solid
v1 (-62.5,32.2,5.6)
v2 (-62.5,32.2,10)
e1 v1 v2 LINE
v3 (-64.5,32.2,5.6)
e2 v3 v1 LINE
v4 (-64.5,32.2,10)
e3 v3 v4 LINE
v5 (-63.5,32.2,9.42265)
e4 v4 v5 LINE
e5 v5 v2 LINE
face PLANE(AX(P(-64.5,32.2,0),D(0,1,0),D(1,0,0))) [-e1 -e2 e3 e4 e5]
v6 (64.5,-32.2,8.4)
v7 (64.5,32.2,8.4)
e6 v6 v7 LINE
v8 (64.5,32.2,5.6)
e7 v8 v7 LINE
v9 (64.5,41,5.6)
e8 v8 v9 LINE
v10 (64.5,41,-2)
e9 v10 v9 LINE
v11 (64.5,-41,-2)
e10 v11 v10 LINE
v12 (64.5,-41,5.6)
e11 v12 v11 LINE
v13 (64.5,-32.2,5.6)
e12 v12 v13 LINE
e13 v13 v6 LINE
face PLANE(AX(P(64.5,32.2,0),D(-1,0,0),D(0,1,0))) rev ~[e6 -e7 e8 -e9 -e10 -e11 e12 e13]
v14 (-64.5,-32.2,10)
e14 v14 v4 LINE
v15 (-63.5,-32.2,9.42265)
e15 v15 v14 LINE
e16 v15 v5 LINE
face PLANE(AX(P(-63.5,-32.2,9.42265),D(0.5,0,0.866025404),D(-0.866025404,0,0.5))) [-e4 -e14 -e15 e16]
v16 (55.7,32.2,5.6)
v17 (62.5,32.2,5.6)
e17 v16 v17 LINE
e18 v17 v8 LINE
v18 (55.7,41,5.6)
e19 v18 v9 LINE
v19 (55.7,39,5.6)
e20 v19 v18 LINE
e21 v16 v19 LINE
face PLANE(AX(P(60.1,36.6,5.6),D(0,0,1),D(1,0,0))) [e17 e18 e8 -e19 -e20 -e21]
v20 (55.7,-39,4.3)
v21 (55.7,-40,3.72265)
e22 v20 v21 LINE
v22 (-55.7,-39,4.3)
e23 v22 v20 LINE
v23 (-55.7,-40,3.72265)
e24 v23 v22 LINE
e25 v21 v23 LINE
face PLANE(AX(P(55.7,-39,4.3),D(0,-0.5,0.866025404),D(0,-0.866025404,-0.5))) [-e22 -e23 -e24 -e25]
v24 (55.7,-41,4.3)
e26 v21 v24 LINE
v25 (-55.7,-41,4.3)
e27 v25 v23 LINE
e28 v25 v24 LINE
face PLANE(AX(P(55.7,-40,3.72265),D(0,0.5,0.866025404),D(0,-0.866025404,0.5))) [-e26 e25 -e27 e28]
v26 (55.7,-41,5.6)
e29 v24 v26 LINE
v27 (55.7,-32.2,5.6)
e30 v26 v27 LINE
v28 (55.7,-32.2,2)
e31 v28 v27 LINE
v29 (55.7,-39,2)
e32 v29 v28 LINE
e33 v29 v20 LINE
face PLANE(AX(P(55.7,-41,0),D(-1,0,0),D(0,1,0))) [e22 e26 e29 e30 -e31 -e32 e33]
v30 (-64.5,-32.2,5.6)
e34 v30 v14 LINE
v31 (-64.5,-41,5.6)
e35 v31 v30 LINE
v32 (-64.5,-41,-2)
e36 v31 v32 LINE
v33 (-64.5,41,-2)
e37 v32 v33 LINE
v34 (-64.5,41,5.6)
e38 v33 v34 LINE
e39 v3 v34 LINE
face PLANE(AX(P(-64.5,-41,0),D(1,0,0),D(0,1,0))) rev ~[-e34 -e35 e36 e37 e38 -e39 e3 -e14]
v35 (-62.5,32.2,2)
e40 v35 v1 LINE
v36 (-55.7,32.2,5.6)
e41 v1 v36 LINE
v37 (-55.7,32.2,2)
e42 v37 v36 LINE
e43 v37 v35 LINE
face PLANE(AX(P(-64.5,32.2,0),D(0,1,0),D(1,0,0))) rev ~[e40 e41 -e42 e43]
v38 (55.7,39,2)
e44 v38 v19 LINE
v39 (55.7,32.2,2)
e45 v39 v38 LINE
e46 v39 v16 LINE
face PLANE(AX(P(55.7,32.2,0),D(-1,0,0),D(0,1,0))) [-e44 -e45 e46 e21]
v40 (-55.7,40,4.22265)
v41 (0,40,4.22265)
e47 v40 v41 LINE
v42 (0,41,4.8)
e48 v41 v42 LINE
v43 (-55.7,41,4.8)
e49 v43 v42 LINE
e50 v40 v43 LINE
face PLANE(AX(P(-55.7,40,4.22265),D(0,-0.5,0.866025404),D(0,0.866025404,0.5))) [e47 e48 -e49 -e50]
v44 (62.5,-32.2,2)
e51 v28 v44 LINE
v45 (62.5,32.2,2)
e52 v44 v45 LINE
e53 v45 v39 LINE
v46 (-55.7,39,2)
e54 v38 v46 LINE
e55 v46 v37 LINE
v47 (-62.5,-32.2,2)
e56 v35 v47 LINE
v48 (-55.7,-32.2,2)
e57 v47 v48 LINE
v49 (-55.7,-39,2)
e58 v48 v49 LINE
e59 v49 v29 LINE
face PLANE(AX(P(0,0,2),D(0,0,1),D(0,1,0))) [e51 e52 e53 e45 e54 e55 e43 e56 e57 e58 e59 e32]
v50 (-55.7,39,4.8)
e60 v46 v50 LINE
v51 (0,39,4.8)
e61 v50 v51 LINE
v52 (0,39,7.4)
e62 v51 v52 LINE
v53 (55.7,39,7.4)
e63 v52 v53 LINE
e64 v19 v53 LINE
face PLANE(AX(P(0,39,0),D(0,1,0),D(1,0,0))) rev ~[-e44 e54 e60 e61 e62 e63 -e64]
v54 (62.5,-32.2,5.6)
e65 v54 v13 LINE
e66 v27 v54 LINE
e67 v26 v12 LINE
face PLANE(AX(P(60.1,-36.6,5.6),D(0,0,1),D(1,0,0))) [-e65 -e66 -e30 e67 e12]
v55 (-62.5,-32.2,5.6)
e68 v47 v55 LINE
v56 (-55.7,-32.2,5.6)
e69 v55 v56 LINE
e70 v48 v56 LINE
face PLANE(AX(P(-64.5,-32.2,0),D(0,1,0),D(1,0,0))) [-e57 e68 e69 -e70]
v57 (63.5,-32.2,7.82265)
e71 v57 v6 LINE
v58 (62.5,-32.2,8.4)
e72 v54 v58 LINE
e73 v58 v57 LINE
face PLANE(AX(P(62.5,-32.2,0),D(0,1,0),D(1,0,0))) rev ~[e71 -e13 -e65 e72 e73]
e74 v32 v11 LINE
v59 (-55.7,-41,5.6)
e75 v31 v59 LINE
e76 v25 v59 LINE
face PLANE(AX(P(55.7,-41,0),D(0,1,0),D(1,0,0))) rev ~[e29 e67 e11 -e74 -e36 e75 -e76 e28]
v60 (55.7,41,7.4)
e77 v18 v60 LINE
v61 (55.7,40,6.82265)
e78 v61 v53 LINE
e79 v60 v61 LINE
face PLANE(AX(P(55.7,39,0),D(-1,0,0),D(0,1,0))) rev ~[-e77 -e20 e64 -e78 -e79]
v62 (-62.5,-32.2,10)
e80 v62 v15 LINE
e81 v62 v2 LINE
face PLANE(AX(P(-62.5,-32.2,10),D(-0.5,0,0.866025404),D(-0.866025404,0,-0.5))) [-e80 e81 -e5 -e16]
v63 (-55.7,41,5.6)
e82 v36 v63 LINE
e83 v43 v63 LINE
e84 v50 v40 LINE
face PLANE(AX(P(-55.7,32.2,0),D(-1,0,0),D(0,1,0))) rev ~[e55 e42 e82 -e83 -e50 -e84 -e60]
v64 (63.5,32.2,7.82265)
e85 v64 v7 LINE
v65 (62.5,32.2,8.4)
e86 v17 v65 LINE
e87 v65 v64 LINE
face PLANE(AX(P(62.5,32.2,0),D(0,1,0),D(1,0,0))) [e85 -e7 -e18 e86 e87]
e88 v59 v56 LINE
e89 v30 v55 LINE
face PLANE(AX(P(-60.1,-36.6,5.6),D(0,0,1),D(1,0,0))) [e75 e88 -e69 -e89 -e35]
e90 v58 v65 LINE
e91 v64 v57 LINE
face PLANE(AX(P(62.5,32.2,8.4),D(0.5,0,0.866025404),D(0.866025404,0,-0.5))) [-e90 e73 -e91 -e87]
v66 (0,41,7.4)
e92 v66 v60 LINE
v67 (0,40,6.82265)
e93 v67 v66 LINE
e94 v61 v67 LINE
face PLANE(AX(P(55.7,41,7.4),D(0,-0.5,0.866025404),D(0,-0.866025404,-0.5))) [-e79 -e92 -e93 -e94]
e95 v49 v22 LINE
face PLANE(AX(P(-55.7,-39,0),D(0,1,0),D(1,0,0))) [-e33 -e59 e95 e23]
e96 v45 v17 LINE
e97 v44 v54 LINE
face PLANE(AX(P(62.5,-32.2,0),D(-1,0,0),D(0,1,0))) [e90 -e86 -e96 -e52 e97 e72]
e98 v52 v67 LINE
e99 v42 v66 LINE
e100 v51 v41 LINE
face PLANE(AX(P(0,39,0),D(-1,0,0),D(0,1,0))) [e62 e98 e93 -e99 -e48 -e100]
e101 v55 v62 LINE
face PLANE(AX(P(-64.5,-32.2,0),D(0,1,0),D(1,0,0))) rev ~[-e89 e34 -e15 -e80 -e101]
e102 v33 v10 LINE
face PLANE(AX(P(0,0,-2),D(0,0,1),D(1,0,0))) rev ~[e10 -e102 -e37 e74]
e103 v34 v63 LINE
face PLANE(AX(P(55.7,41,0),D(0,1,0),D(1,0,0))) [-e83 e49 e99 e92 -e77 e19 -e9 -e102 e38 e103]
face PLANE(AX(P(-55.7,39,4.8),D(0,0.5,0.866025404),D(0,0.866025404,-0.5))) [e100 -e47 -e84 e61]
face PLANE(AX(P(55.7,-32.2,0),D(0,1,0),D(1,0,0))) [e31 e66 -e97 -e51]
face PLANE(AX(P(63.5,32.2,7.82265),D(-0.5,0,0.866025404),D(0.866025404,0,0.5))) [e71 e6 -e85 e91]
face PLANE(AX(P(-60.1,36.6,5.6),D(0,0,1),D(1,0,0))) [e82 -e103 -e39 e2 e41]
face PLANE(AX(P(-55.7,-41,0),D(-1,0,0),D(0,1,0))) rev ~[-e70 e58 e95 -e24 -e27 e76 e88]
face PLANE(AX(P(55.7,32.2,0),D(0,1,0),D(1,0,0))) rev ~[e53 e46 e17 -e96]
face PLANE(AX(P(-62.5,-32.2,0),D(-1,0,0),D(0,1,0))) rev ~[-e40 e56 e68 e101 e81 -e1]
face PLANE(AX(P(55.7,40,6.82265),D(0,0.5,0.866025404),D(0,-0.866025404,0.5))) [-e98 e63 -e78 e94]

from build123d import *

# Parameters (mm, degrees)
SKETCH028_W     = 129
SKETCH028_H     = 82
PAD009_DEPTH    = 2
SKETCH030_W     = 2
SKETCH030_H     = 64.4
PAD010_DEPTH    = 10
SKETCH031_W     = 2
SKETCH031_H     = 64.4
PAD011_DEPTH    = 8.4
SKETCH032_W     = 111.4
SKETCH032_H     = 2
PAD012_DEPTH    = 4.3
SKETCH033_W     = 55.7
SKETCH033_H     = 2
PAD013_DEPTH    = 4.8
SKETCH034_W     = 55.7
SKETCH034_H     = 2
PAD014_DEPTH    = 7.4
POCKET009_DEPTH = 10000
POCKET010_DEPTH = 1000
POCKET011_DEPTH = 1000
POCKET012_DEPTH = 1000
POCKET013_DEPTH = 55.7
SKETCH040_W     = 8.8
SKETCH040_H     = 8.8
PAD015_DEPTH    = 5.6
PAD016_DEPTH    = 2


with BuildPart() as part:
    # Sketch028 → Pad009 (new body)
    with BuildSketch(Plane.XY):
        Rectangle(SKETCH028_W, SKETCH028_H)
    extrude(amount=-PAD009_DEPTH)

    # Sketch030 (on Face5 of Pad009) → Pad010 (join)
    with BuildSketch(Plane.XY):
        with Locations((-63.5, 0)):
            Rectangle(SKETCH030_W, SKETCH030_H)
    extrude(amount=PAD010_DEPTH)

    # Sketch031 (on Face4 of Pad010) → Pad011 (join)
    with BuildSketch(Plane.XY):
        with Locations((63.5, 0)):
            Rectangle(SKETCH031_W, SKETCH031_H)
    extrude(amount=PAD011_DEPTH)

    # Sketch032 (on Face4 of Pad011) → Pad012 (join)
    with BuildSketch(Plane.XY):
        with Locations((0, -40)):
            Rectangle(SKETCH032_W, SKETCH032_H)
    extrude(amount=PAD012_DEPTH)

    # Sketch033 (on Face4 of Pad012) → Pad013 (join)
    with BuildSketch(Plane.XY):
        with Locations((-27.85, 40)):
            Rectangle(SKETCH033_W, SKETCH033_H)
    extrude(amount=PAD013_DEPTH)

    # Sketch034 (on Face4 of Pad013) → Pad014 (join)
    with BuildSketch(Plane.XY):
        with Locations((27.85, 40)):
            Rectangle(SKETCH034_W, SKETCH034_H)
    extrude(amount=PAD014_DEPTH)

    # Sketch035 (on Face15 of Pad014) → Pocket009 (cut)
    with BuildSketch(Plane(origin=(0, 32.2, 0), x_dir=(-1, 0, 0), z_dir=(0, 1, 0))):
        Polygon((-64.5, 8.4), (-62.5, 8.4), (-63.5, 7.8226497308), align=None)
    extrude(amount=-POCKET009_DEPTH, mode=Mode.SUBTRACT)

    # Sketch036 (on Face18 of Pocket009) → Pocket010 (cut)
    with BuildSketch(Plane.YZ.offset(55.7)):
        Polygon((-41, 4.3), (-39, 4.3), (-40, 3.7226497308), align=None)
    extrude(amount=-POCKET010_DEPTH, mode=Mode.SUBTRACT)

    # Sketch037 (on Face21 of Pocket010) → Pocket011 (cut)
    with BuildSketch(Plane.XZ.offset(32.2)):
        Polygon((-64.5, 10), (-62.5, 10), (-63.5, 9.4226497308), align=None)
    extrude(amount=-POCKET011_DEPTH, mode=Mode.SUBTRACT)

    # Sketch038 (on Face14 of Pocket011) → Pocket012 (cut)
    with BuildSketch(Plane.YZ.offset(55.7)):
        Polygon((39, 7.4), (41, 7.4), (40, 6.8226497308), align=None)
    extrude(amount=-POCKET012_DEPTH, mode=Mode.SUBTRACT)

    # Sketch039 (on Face11 of Pocket012) → Pocket013 (cut)
    with BuildSketch(Plane(origin=(-55.7, 0, 0), x_dir=(0, -1, 0), z_dir=(-1, 0, 0))):
        Polygon((-41, 4.8), (-39, 4.8), (-40, 4.2226497309), align=None)
    extrude(amount=-POCKET013_DEPTH, mode=Mode.SUBTRACT)

    # Sketch040 (on Face4 of Pocket013) → Pad015 (join)
    with BuildSketch(Plane.XY):
        with Locations((60.1, 36.6)):
            Rectangle(SKETCH040_W, SKETCH040_H)
        with Locations((-60.1, 36.6)):
            Rectangle(SKETCH040_W, SKETCH040_H)
        with Locations((-60.1, -36.6)):
            Rectangle(SKETCH040_W, SKETCH040_H)
        with Locations((60.1, -36.6)):
            Rectangle(SKETCH040_W, SKETCH040_H)
    extrude(amount=PAD015_DEPTH)

    # Pad015 Face34 → Pad016 (add)
    with BuildSketch(Plane(origin=(0, 0, 0), x_dir=(0, 1, 0), z_dir=(0, 0, 1))):
        Polygon((39, 0), (39, 55.7), (32.2, 55.7), (32.2, 62.5), (-32.2, 62.5), (-32.2, 55.7), (-39, 55.7), (-39, -55.7), (-32.2, -55.7), (-32.2, -62.5), (32.2, -62.5), (32.2, -55.7), (39, -55.7), align=None)
    extrude(amount=PAD016_DEPTH)


solid = part.part
